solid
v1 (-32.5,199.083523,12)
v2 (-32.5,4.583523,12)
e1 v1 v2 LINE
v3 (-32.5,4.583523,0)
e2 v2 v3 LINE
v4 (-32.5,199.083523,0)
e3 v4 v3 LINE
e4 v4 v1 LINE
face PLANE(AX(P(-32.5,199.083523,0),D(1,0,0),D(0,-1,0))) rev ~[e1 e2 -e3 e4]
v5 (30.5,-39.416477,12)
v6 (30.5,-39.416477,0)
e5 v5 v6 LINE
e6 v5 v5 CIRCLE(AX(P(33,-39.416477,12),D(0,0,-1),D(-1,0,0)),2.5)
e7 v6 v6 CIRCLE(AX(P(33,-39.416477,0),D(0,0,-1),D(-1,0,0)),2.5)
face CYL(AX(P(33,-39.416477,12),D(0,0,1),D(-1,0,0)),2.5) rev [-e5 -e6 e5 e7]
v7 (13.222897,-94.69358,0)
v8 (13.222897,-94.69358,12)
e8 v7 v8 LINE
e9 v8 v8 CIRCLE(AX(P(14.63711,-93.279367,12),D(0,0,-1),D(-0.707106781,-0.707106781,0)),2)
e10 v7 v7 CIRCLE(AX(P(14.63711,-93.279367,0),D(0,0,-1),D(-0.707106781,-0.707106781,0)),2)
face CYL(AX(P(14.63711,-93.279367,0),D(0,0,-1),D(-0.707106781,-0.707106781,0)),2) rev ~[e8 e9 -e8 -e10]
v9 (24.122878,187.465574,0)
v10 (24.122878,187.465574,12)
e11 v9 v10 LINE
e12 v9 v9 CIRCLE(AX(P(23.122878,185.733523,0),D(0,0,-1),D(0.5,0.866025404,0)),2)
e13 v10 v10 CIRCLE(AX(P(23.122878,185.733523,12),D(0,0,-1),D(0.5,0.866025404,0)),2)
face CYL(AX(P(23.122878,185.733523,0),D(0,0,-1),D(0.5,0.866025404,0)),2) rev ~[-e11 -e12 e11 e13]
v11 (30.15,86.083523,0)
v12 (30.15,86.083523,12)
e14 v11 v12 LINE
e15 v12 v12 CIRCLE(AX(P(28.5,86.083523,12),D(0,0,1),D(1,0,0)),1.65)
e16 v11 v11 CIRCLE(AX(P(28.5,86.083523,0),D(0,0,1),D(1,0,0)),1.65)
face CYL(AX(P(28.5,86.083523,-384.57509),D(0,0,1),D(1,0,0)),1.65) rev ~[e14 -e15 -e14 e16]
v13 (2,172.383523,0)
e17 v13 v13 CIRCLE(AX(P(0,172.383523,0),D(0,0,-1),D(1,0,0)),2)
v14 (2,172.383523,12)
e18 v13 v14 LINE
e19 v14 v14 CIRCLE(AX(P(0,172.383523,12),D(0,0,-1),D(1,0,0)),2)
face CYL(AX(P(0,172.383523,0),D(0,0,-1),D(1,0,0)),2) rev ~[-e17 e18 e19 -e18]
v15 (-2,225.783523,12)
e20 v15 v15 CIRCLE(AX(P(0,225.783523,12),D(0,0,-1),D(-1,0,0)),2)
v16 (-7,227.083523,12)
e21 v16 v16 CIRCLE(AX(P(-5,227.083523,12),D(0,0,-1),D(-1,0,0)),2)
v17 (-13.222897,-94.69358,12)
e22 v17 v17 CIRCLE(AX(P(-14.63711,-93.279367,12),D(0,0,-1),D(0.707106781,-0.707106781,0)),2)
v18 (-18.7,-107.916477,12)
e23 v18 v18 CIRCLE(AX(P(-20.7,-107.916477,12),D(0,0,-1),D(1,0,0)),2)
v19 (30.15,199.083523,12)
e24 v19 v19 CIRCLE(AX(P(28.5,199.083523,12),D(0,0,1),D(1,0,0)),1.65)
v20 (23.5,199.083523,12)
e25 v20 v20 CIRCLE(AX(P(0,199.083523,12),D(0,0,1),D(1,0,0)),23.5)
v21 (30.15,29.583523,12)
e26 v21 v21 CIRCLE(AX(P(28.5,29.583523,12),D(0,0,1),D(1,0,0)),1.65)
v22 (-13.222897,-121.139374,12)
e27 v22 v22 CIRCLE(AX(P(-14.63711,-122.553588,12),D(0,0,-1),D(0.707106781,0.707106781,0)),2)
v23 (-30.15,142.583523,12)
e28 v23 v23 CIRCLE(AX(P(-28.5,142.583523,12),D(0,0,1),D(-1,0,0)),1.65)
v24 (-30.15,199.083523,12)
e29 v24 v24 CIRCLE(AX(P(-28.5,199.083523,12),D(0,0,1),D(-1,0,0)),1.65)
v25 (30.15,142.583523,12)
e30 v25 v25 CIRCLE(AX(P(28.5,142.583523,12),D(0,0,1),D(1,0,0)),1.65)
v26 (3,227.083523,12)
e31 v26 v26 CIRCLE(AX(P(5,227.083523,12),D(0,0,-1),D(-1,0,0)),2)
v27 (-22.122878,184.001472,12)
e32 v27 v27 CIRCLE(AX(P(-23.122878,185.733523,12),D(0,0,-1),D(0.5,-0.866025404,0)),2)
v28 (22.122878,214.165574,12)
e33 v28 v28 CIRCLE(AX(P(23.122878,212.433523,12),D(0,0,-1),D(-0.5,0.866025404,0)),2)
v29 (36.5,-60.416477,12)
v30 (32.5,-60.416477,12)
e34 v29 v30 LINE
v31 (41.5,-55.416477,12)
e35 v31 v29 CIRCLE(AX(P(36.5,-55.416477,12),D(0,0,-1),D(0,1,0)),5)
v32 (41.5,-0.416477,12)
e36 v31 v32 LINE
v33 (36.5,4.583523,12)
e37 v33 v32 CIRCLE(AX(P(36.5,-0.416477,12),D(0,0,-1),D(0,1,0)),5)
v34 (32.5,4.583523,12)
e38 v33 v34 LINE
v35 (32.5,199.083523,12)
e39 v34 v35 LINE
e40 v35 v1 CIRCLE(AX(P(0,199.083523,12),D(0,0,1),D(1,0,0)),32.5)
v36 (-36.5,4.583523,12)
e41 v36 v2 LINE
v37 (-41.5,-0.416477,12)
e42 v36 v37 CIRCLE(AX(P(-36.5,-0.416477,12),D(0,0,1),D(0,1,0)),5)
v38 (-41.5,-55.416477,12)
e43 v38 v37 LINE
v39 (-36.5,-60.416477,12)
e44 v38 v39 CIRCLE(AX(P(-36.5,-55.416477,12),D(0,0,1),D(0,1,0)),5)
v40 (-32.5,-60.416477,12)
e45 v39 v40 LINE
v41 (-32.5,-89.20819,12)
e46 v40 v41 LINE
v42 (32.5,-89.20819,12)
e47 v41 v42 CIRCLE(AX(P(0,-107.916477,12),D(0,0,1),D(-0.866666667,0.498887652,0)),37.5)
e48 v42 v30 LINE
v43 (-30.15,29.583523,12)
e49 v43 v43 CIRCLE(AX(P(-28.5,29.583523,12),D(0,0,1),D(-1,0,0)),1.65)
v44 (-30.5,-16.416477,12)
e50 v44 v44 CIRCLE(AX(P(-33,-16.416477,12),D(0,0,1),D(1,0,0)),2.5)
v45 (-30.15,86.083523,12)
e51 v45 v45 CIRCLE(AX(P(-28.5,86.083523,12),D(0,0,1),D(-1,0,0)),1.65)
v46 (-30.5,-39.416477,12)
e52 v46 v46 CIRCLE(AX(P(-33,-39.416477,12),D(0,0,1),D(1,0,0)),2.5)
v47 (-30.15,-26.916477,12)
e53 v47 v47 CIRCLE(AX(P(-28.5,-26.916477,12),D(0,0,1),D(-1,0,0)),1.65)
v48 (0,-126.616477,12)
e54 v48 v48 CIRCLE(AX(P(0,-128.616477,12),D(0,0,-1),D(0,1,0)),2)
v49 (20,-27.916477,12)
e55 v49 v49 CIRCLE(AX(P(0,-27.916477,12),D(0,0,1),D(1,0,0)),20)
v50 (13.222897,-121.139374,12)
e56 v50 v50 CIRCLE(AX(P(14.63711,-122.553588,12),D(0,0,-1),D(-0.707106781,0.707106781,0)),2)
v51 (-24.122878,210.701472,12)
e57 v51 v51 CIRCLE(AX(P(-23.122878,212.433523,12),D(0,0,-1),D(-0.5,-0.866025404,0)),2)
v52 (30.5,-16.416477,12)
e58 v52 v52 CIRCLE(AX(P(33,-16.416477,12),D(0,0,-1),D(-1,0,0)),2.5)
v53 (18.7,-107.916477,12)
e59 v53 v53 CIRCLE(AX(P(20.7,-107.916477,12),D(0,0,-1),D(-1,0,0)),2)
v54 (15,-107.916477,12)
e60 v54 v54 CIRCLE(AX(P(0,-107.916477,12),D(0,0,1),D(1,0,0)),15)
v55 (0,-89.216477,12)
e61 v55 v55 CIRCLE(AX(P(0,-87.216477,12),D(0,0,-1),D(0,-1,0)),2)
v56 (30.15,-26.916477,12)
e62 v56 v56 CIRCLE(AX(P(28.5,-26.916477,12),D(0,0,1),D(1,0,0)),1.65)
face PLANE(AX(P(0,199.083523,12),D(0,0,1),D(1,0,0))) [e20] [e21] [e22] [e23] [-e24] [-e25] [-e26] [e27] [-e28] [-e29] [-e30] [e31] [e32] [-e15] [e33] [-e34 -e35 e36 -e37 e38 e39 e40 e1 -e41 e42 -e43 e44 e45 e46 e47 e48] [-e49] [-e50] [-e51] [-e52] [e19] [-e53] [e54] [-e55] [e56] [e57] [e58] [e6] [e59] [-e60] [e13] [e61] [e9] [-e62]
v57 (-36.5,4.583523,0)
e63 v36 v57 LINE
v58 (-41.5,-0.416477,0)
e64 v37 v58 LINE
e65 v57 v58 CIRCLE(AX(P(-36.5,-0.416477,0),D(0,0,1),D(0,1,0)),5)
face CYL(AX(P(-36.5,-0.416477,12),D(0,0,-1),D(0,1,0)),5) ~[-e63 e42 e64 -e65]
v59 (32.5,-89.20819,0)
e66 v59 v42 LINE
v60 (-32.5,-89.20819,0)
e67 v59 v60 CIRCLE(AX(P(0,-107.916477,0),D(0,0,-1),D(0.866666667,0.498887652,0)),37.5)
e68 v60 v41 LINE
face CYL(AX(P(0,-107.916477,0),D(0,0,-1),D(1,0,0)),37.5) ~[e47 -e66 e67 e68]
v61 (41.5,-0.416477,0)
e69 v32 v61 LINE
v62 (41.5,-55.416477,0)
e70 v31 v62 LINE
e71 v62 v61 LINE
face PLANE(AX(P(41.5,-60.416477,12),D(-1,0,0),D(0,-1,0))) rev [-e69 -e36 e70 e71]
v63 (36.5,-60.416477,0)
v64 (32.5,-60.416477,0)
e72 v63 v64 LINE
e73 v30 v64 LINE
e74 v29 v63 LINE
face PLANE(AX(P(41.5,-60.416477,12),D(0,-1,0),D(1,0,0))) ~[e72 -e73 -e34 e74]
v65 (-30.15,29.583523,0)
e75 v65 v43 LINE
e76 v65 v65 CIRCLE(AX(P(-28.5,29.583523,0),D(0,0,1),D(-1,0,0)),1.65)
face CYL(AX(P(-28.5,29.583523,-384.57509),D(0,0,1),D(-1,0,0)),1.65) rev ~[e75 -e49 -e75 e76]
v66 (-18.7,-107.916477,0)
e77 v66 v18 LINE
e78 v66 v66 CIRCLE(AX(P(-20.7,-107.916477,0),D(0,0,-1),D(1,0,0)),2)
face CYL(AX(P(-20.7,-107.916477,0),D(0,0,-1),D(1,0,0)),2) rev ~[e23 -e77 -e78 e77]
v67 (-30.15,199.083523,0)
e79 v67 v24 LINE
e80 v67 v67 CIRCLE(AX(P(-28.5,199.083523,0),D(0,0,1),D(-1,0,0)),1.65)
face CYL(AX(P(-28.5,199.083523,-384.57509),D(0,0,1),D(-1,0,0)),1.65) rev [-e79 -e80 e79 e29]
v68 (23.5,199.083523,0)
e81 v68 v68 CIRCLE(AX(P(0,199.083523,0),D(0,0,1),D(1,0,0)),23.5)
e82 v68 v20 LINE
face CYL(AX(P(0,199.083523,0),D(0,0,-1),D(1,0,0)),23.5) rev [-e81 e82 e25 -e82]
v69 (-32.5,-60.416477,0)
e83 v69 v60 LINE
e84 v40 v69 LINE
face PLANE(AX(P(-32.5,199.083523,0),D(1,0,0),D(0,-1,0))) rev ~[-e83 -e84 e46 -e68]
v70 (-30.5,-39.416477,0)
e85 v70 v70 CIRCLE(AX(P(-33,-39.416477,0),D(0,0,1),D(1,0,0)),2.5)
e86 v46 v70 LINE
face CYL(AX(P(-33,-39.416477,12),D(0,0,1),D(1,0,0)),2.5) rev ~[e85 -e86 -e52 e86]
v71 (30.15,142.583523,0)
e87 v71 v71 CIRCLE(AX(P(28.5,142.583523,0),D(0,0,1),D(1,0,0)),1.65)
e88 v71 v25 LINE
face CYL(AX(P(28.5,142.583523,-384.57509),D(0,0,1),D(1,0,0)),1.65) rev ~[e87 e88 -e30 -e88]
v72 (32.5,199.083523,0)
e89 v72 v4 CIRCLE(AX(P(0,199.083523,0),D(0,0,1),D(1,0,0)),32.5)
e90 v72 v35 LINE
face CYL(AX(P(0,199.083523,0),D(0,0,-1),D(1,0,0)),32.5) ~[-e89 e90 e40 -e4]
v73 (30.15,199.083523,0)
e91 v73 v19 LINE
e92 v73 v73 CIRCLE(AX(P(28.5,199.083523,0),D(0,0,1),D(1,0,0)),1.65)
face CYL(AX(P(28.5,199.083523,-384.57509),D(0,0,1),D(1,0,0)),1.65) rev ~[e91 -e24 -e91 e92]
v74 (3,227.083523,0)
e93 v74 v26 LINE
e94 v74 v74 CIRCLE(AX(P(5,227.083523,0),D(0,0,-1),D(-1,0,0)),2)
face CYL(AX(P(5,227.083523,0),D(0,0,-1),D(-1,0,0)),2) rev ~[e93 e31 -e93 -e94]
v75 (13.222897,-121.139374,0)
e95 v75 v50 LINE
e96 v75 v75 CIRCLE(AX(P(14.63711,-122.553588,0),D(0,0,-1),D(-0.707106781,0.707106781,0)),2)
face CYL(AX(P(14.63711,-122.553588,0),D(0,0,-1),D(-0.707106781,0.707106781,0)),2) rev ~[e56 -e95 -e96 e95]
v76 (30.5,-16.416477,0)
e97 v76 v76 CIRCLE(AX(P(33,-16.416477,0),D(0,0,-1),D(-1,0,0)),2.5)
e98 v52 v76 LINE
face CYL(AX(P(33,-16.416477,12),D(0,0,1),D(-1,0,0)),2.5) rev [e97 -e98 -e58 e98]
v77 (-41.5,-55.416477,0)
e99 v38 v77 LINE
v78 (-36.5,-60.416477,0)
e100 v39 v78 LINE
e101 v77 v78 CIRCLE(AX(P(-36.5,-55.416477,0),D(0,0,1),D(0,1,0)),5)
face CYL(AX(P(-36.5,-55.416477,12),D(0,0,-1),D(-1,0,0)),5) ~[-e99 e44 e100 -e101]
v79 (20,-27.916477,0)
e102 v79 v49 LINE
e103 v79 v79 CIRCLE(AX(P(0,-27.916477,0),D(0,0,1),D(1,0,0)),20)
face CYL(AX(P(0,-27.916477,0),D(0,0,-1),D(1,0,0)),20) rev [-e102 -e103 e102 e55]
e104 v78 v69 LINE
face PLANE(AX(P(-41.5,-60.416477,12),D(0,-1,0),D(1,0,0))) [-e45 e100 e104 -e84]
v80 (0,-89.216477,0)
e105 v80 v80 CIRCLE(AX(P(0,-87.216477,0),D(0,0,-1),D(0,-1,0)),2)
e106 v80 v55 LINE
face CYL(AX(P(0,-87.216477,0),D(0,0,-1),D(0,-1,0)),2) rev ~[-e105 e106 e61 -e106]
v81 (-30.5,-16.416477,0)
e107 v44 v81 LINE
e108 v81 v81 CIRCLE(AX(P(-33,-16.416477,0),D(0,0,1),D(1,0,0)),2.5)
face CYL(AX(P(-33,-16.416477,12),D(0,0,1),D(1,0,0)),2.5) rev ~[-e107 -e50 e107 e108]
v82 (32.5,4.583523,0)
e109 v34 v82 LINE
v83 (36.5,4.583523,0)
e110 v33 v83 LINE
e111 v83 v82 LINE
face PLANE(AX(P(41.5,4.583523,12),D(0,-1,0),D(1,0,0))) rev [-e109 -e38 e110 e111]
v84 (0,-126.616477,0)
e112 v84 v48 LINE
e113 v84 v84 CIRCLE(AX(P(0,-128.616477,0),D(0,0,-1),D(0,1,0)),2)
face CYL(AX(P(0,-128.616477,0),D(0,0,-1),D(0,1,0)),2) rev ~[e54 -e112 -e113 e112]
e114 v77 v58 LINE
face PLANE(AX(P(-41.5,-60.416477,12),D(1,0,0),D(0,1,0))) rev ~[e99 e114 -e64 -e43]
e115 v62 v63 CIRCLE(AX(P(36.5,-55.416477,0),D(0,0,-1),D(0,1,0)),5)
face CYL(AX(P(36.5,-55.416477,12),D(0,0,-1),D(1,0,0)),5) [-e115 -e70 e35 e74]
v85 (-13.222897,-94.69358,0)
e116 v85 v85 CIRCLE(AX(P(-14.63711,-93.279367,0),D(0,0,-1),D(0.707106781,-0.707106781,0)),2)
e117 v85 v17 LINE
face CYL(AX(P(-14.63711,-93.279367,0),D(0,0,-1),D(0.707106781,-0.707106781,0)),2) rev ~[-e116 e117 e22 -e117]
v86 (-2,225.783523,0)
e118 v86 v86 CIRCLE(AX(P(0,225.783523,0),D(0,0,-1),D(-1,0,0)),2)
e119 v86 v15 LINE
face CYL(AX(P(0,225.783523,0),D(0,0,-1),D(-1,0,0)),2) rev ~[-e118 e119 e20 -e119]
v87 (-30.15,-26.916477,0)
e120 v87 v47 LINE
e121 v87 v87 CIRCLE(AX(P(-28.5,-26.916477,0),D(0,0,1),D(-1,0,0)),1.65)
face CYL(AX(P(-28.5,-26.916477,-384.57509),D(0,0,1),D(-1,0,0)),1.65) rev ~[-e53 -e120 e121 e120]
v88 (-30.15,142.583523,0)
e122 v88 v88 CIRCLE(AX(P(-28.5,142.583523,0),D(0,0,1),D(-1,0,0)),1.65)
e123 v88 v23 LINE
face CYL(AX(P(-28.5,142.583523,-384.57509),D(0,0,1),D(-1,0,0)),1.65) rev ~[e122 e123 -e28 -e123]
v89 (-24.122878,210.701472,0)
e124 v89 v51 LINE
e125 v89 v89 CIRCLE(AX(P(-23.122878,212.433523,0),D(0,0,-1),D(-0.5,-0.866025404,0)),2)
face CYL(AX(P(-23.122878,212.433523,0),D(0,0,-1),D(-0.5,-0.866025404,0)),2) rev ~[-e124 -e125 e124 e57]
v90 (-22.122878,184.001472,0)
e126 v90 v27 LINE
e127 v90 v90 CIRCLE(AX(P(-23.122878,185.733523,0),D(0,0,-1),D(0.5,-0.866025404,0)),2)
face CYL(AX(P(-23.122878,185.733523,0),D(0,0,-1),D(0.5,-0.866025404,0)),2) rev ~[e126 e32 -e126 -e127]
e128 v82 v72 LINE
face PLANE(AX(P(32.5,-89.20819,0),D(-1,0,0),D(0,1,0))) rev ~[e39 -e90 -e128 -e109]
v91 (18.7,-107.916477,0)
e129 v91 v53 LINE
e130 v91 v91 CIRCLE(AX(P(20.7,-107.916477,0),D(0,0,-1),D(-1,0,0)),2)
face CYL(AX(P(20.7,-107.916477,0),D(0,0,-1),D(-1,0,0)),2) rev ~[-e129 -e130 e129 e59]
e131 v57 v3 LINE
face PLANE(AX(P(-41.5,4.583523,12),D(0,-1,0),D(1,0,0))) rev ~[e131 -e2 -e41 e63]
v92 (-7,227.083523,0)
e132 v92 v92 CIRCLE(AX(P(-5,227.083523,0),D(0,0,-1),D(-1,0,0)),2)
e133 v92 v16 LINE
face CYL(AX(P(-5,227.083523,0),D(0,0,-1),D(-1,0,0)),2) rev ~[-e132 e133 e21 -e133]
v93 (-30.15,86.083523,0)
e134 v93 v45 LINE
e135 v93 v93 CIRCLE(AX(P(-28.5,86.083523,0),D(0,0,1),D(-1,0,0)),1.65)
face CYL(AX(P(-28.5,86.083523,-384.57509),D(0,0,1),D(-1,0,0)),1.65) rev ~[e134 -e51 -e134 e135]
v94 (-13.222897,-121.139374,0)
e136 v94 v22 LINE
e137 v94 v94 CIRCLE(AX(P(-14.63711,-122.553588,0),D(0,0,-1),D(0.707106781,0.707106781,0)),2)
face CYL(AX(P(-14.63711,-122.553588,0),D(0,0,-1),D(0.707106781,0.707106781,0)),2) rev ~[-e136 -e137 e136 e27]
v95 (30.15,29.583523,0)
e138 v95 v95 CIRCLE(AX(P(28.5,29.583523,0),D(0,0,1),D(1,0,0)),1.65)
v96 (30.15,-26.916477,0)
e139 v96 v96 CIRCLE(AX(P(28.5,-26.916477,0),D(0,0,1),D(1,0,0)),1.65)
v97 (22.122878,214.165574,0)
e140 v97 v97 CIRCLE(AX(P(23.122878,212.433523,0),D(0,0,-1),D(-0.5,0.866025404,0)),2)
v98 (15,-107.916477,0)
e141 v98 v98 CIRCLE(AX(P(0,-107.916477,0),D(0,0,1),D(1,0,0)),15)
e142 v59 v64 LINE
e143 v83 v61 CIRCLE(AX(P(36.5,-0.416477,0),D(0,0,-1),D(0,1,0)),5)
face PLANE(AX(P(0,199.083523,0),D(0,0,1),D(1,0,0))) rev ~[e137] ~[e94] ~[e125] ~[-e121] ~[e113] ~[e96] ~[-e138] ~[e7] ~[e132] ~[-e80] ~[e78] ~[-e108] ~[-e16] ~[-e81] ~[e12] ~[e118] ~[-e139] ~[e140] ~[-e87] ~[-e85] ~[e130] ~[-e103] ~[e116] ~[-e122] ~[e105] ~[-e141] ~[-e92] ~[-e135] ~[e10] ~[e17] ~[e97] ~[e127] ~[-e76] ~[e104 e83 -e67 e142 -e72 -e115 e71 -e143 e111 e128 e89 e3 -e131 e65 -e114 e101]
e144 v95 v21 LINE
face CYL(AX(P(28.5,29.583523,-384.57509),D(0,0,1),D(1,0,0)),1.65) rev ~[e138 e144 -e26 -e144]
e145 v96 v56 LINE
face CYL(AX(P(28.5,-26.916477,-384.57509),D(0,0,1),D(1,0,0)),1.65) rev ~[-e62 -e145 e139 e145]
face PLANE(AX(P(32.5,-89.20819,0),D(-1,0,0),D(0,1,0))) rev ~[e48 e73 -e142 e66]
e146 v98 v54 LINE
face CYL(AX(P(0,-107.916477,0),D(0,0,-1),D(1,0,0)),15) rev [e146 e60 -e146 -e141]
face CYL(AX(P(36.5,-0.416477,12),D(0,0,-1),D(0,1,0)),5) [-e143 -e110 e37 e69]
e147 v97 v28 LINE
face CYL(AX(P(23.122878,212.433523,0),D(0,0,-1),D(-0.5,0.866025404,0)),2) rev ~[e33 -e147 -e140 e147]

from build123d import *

# Parameters (mm, degrees)
SKETCH1_R             = 20
SKETCH1_R_2           = 37.5
SKETCH1_R_3           = 15
SKETCH1_R_4           = 32.5
SKETCH1_R_5           = 23.5
BOSS_EXTRUDE1_DEPTH   = 12
SKETCH2_R             = 2
CUT_EXTRUDE1_DEPTH    = 13
CIRPATTERN1_COUNT     = 8
SKETCH3_R             = 2
CUT_EXTRUDE2_DEPTH    = 13
CIRPATTERN2_COUNT     = 6
SKETCH6_R             = 2
CUT_EXTRUDE4_DEPTH    = 235.906743238
F_1_0MM_DOWEL_HOLE1_D = 3.3
LPATTERN1_COUNT       = 5
LPATTERN1_PITCH       = 56.5
MIRROR1_COPY_1_D      = 3.3
MIRROR1_COPY_2_D      = 3.3
MIRROR1_COPY_3_D      = 3.3
MIRROR1_COPY_4_D      = 3.3
SKETCH10_W            = 9
SKETCH10_H            = 65
BOSS_EXTRUDE2_DEPTH   = 12
FILLET1_R             = 5
SKETCH12_R            = 2.5
CUT_EXTRUDE5_DEPTH    = 12
FILLET1_OF_MIRROR2_R  = 5


with BuildPart() as part:
    # Sketch1 → Boss-Extrude1 (new body)
    # profile 1 of 3: a face of its own
    with BuildSketch(Plane.XY):
        with BuildLine():
            ThreePointArc((32.5, 199.083522771), (0, 166.583522771), (-32.5, 199.083522771))
            Line((-32.5, 199.083522771), (-32.5, -89.208190296))
            ThreePointArc((-32.5, -89.208190296), (0, -70.416477229), (32.5, -89.208190296))
            Line((32.5, -89.208190296), (32.5, 199.083522771))
        make_face()
        with Locations((0, -27.916477229)):
            Circle(SKETCH1_R, mode=Mode.SUBTRACT)
    # profile 2 of 3: a face of its own
    with BuildSketch(Plane.XY):
        with Locations((0, -107.916477229)):
            Circle(SKETCH1_R_2)
        with Locations((0, -107.916477229)):
            Circle(SKETCH1_R_3, mode=Mode.SUBTRACT)
    # profile 3 of 3: a face of its own
    with BuildSketch(Plane.XY):
        with Locations((0, 199.083522771)):
            Circle(SKETCH1_R_4)
        with Locations((0, 199.083522771)):
            Circle(SKETCH1_R_5, mode=Mode.SUBTRACT)
    extrude(amount=BOSS_EXTRUDE1_DEPTH)

    # Sketch2 → Cut-Extrude1 (cut)
    with BuildSketch(Plane(origin=(0, 0, 0), x_dir=(-1, 0, 0), z_dir=(0, 0, -1))):
        with Locations((-20.7, -107.916477229)):
            Circle(SKETCH2_R)
    cut_extrude1 = extrude(amount=-CUT_EXTRUDE1_DEPTH, mode=Mode.SUBTRACT)

    # CirPattern1: Cut-Extrude1 ×8 about axis
    cirpattern1_axis = Axis((0, -107.916477229, 0), (0, 0, 1))
    for i in range(1, CIRPATTERN1_COUNT):
        add(cut_extrude1.rotate(cirpattern1_axis, i * 360 / CIRPATTERN1_COUNT), mode=Mode.SUBTRACT)

    # Sketch3 → Cut-Extrude2 (cut)
    with BuildSketch(Plane(origin=(0, 0, 0), x_dir=(-1, 0, 0), z_dir=(0, 0, -1))):
        with Locations((0, 225.783522771)):
            Circle(SKETCH3_R)
    cut_extrude2 = extrude(amount=-CUT_EXTRUDE2_DEPTH, mode=Mode.SUBTRACT)

    # CirPattern2: Cut-Extrude2 ×6 about axis
    cirpattern2_axis = Axis((0, 199.083522771, 0), (0, 0, 1))
    for i in range(1, CIRPATTERN2_COUNT):
        add(cut_extrude2.rotate(cirpattern2_axis, i * 360 / CIRPATTERN2_COUNT), mode=Mode.SUBTRACT)

    # Sketch6 → Cut-Extrude4 (cut, through all)
    with BuildSketch(Plane(origin=(0, 0, 0), x_dir=(-1, 0, 0), z_dir=(0, 0, -1))):
        with Locations((-5, 227.083522771)):
            Circle(SKETCH6_R)
        with Locations((5, 227.083522771)):
            Circle(SKETCH6_R)
    extrude(amount=-CUT_EXTRUDE4_DEPTH, mode=Mode.SUBTRACT)

    # Ø1.0mm Dowel Hole1 (through all)
    with Locations(Plane(origin=(0, 0, 0), x_dir=(-1, 0, 0), z_dir=(0, 0, -1))):
        with Locations((-28.5, 199.083522771)):
            f_1_0mm_dowel_hole1 = Hole(F_1_0MM_DOWEL_HOLE1_D / 2)

    # LPattern1: Ø1.0mm Dowel Hole1 ×5
    with Locations(*[(0, -i * LPATTERN1_PITCH, 0) for i in range(1, LPATTERN1_COUNT)]):
        add(f_1_0mm_dowel_hole1, mode=Mode.SUBTRACT)

    # Mirror1: Ø1.0mm Dowel Hole1 across plane
    add(f_1_0mm_dowel_hole1.mirror(Plane(origin=(0, 0, 0), x_dir=(0, 0, 1), z_dir=(1, 0, 0))), mode=Mode.SUBTRACT)

    # Mirror1 copy 1 (through all)
    with Locations(Plane(origin=(0, -56.5, 0), x_dir=(1, 0, 0), z_dir=(0, 0, -1))):
        with Locations((-28.5, -199.083522771)):
            Hole(MIRROR1_COPY_1_D / 2)

    # Mirror1 copy 2 (through all)
    with Locations(Plane(origin=(0, -113, 0), x_dir=(1, 0, 0), z_dir=(0, 0, -1))):
        with Locations((-28.5, -199.083522771)):
            Hole(MIRROR1_COPY_2_D / 2)

    # Mirror1 copy 3 (through all)
    with Locations(Plane(origin=(0, -169.5, 0), x_dir=(1, 0, 0), z_dir=(0, 0, -1))):
        with Locations((-28.5, -199.083522771)):
            Hole(MIRROR1_COPY_3_D / 2)

    # Mirror1 copy 4 (through all)
    with Locations(Plane(origin=(0, -226, 0), x_dir=(1, 0, 0), z_dir=(0, 0, -1))):
        with Locations((-28.5, -199.083522771)):
            Hole(MIRROR1_COPY_4_D / 2)

    # Sketch10 → Boss-Extrude2 (add)
    with BuildSketch(Plane.XY.offset(12)):
        with Locations((-37, -27.916477229)):
            Rectangle(SKETCH10_W, SKETCH10_H)
    boss_extrude2 = extrude(amount=-BOSS_EXTRUDE2_DEPTH)

    # Fillet1
    fillet1_edges = [part.edges().sort_by_distance(p)[0] for p in [
        (-41.5, -60.416477229, 6),
        (-41.5, 4.583522771, 6),
    ]]
    fillet(fillet1_edges, radius=FILLET1_R)

    # Sketch12 → Cut-Extrude5 (cut)
    with BuildSketch(Plane.XY.offset(12)):
        with Locations((-33, -16.416477229)):
            Circle(SKETCH12_R)
        with Locations((-33, -39.416477229)):
            Circle(SKETCH12_R)
    cut_extrude5 = extrude(amount=-CUT_EXTRUDE5_DEPTH, mode=Mode.SUBTRACT)

    # Mirror2: Boss-Extrude2, Cut-Extrude5 across plane
    add(boss_extrude2.mirror(Plane(origin=(0, 0, 0), x_dir=(0, 0, 1), z_dir=(1, 0, 0))))
    add(cut_extrude5.mirror(Plane(origin=(0, 0, 0), x_dir=(0, 0, 1), z_dir=(1, 0, 0))), mode=Mode.SUBTRACT)

    # Fillet1 of Mirror2
    fillet1_of_mirror2_edges = [part.edges().sort_by_distance(p)[0] for p in [
        (41.5, -60.416477229, 6),
        (41.5, 4.583522771, 6),
    ]]
    fillet(fillet1_of_mirror2_edges, radius=FILLET1_OF_MIRROR2_R)


solid = part.part
